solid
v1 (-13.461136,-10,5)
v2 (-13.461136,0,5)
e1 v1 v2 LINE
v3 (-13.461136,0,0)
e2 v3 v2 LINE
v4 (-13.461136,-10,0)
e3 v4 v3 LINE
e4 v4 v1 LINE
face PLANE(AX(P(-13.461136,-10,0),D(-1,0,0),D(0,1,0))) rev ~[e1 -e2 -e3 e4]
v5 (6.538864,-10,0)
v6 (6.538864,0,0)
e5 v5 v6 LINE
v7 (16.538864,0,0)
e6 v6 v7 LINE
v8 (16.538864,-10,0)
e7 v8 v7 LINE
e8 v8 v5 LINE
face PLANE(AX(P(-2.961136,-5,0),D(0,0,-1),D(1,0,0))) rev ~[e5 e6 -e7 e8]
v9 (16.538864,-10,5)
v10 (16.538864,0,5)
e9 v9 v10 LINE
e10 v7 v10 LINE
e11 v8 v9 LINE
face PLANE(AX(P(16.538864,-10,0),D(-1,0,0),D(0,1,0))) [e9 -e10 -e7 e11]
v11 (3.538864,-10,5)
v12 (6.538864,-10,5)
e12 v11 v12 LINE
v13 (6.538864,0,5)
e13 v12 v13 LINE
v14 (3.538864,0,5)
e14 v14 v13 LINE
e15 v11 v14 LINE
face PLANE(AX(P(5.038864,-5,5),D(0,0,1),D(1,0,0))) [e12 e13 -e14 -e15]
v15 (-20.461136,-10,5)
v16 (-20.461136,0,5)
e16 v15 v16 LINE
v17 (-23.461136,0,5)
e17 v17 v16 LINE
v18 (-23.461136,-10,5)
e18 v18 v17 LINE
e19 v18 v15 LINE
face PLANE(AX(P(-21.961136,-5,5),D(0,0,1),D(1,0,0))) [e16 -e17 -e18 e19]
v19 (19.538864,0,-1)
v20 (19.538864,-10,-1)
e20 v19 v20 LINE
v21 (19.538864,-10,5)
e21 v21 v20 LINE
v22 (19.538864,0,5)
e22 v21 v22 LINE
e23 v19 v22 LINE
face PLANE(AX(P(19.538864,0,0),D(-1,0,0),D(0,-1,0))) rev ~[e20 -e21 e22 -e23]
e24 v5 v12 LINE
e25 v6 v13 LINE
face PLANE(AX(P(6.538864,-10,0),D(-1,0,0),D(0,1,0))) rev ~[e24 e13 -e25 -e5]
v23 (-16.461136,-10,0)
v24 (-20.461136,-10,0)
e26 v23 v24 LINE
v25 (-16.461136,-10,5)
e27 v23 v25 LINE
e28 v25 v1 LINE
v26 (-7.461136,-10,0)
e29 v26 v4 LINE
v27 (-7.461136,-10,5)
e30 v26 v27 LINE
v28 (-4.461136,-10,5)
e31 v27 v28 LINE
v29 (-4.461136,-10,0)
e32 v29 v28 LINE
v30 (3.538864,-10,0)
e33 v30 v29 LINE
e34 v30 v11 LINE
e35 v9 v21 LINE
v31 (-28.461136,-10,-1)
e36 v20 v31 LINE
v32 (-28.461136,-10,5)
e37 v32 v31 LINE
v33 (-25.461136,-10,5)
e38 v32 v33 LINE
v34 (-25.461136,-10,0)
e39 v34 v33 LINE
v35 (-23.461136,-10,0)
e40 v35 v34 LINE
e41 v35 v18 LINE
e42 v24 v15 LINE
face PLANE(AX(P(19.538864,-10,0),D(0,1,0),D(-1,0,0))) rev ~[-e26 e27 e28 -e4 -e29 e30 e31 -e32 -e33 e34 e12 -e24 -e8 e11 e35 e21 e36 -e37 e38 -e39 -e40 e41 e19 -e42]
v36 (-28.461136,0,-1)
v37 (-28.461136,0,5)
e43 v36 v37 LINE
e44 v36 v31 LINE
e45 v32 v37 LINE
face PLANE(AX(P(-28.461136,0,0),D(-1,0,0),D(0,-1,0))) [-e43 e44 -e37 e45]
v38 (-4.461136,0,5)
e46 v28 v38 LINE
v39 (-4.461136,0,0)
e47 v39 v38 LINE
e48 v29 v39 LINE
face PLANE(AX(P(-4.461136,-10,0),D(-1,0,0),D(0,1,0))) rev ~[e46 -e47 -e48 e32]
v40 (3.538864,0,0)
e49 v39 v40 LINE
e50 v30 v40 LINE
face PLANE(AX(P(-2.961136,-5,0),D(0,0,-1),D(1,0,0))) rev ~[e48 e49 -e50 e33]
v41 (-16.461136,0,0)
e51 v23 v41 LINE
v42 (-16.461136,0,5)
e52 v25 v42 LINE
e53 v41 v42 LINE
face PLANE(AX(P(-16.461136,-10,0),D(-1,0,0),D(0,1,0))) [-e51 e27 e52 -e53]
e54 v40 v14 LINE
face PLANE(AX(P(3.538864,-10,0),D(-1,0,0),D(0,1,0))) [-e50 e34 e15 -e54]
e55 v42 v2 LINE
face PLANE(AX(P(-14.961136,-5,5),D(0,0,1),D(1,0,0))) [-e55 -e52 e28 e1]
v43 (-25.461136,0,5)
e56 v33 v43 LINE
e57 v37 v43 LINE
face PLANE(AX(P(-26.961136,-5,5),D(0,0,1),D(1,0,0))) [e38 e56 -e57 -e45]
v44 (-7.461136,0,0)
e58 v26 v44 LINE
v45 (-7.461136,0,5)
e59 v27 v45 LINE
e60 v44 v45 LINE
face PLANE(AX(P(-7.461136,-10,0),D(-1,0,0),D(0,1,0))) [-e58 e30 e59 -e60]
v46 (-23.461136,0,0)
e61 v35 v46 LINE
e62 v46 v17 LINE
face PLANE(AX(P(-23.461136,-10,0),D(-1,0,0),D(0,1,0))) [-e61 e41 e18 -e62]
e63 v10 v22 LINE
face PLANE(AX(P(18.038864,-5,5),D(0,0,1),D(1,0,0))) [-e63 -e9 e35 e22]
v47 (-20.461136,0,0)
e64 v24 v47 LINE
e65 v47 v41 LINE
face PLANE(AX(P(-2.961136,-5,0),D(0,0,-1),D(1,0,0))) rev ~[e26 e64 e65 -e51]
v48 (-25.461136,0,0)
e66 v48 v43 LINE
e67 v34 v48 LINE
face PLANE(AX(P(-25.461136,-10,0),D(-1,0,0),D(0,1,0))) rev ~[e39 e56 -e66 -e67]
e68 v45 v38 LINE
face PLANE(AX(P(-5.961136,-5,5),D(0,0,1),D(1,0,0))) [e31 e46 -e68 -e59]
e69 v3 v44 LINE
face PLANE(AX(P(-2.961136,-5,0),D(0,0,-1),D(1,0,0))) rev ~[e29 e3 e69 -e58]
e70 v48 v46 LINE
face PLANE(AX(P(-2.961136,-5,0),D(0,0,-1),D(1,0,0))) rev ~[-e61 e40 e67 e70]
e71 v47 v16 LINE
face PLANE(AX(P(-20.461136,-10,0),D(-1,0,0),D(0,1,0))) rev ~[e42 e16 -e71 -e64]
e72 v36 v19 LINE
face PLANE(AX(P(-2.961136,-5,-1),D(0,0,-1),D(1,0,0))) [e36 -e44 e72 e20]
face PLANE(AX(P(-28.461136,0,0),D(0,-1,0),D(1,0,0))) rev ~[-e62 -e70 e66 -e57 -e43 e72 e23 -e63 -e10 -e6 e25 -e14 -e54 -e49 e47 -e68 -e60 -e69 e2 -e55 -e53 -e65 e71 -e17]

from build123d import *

# Parameters (mm, degrees)
F0_W     = 3
F0_H     = 10
F1_DEPTH = 5
F2_W     = 45
F2_H     = 10
F2_W_2   = 3
F3_DEPTH = 1


with BuildPart() as f1:
    # F0 (on Top) → F1 (new body)
    with BuildSketch(Plane.XY):
        with Locations((-26.961136, -5)):
            Rectangle(F0_W, F0_H)
        with Locations((-21.961136, -5)):
            Rectangle(F0_W, F0_H)
        with Locations((-14.961136, -5)):
            Rectangle(F0_W, F0_H)
        with Locations((-5.961136, -5)):
            Rectangle(F0_W, F0_H)
        with Locations((5.038864, -5)):
            Rectangle(F0_W, F0_H)
        with Locations((18.038864, -5)):
            Rectangle(F0_W, F0_H)
    extrude(amount=F1_DEPTH)

    # F2 (on face) → F3 (join)
    with BuildSketch(Plane(origin=(0, 0, 0), x_dir=(1, 0, 0), z_dir=(0, 0, -1))):
        with Locations((-2.961136, 5)):
            Rectangle(F2_W, F2_H)
        with Locations((-26.961136, 5)):
            Rectangle(F2_W_2, F2_H)
    extrude(amount=F3_DEPTH)


solid = f1.part
